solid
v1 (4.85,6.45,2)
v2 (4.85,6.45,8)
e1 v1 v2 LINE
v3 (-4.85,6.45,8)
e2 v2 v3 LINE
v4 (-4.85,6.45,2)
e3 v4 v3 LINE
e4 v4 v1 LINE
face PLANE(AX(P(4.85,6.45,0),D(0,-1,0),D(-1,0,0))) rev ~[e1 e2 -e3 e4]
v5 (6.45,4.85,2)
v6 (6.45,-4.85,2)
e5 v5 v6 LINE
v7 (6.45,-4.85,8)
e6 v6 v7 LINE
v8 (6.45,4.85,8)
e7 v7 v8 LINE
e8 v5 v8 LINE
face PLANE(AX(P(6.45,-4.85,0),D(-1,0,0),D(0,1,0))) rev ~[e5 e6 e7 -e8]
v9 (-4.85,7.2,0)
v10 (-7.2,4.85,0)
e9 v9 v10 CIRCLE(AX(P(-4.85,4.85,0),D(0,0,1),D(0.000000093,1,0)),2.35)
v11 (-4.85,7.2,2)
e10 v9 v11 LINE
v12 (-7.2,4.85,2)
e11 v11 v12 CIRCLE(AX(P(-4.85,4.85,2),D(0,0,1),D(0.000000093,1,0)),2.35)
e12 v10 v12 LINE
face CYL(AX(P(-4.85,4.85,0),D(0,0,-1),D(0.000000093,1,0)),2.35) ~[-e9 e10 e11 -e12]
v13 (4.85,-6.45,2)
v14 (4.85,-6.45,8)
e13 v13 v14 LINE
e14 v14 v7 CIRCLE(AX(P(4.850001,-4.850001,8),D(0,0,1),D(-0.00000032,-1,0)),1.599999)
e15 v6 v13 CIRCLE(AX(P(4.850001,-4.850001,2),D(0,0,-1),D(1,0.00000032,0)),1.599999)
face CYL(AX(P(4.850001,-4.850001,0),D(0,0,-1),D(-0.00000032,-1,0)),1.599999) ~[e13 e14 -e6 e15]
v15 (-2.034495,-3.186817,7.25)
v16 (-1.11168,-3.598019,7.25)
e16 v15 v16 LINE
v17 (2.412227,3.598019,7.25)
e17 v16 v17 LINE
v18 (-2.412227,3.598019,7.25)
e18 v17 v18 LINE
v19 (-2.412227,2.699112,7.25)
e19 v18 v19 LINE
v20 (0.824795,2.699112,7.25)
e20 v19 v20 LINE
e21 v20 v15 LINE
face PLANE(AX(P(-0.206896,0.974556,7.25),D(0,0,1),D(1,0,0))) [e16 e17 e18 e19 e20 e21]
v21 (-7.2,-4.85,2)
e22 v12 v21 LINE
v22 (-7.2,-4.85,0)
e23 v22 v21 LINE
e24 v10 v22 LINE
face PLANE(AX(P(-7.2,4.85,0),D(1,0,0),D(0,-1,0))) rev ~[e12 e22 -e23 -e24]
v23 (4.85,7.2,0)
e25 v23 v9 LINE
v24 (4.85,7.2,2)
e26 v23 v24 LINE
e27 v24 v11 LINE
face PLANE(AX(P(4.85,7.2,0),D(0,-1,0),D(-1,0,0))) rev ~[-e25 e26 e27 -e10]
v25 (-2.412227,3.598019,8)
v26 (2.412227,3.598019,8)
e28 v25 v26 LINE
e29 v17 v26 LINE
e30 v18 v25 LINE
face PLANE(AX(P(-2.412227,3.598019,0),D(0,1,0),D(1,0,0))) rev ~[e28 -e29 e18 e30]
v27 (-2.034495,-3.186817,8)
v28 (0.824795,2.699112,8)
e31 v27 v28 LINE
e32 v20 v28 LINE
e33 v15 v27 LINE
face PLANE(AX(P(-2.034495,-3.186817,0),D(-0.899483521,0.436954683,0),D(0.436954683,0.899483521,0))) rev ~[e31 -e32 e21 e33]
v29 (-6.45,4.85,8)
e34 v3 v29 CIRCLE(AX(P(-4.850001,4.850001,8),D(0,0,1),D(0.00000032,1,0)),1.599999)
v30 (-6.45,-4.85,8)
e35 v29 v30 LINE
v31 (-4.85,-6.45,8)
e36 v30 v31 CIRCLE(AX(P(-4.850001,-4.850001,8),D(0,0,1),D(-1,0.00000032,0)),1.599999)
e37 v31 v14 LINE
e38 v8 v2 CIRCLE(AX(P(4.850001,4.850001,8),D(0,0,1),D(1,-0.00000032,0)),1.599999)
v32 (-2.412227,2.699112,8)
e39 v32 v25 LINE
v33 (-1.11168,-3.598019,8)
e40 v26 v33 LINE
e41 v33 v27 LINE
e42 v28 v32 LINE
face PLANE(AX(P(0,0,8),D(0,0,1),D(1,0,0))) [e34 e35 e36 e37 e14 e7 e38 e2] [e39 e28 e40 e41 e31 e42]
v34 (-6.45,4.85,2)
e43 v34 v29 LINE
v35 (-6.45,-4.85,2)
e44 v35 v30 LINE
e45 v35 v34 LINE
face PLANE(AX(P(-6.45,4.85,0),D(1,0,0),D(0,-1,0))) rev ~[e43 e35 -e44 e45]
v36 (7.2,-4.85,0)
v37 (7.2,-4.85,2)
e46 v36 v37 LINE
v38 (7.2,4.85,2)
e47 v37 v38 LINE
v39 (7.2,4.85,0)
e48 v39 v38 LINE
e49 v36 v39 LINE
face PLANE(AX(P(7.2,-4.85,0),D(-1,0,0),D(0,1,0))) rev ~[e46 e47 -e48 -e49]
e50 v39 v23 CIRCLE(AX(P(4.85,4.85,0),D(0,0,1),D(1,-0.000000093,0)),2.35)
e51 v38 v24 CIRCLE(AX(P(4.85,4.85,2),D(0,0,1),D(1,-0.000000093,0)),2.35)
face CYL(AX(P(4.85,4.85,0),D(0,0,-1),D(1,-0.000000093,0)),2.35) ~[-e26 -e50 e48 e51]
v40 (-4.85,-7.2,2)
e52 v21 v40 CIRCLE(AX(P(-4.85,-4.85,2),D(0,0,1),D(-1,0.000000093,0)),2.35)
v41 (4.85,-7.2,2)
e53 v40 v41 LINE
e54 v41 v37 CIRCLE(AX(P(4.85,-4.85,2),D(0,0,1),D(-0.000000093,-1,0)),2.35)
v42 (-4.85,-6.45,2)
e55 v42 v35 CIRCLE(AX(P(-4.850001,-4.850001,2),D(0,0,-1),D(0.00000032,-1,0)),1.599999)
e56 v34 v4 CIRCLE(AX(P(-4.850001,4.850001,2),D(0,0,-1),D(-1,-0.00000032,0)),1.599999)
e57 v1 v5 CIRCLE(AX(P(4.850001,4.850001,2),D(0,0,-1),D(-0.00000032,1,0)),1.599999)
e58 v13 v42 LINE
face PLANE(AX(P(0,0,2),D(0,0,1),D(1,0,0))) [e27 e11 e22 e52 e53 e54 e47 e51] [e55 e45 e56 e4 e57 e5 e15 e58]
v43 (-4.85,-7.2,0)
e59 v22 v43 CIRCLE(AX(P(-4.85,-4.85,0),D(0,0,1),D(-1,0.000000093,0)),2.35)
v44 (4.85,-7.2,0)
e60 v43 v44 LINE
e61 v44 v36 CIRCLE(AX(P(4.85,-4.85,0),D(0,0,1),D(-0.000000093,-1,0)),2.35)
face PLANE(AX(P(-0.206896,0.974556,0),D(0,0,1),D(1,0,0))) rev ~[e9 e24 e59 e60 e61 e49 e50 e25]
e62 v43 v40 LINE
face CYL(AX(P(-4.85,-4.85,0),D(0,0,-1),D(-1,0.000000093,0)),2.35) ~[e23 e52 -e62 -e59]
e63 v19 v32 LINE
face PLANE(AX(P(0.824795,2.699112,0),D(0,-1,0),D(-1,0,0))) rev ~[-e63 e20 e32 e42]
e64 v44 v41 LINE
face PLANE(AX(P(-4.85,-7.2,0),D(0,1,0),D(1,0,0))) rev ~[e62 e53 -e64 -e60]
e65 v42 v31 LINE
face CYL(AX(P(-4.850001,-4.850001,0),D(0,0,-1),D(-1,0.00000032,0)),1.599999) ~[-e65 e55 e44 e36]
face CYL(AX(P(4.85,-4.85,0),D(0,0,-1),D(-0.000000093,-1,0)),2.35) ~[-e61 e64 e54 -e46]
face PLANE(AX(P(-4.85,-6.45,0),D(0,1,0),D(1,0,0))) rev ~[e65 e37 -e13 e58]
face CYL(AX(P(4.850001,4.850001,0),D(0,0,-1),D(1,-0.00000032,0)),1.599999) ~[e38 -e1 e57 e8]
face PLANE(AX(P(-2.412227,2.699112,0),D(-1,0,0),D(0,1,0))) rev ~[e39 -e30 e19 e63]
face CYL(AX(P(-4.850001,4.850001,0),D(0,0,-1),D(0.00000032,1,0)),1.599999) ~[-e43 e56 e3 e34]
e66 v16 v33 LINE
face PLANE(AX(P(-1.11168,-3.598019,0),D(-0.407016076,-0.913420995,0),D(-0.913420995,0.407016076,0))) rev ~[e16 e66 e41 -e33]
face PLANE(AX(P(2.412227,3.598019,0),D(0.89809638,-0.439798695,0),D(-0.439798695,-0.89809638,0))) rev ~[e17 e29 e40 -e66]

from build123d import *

# Parameters (mm, degrees)
F1_DEPTH = 2
F2_DEPTH = 8
F3_DEPTH = 7.25


with BuildPart() as f1:
    # F0 (on Top) → F1 (new body)
    with BuildSketch(Plane.XY):
        with BuildLine():
            Line((4.85, 7.2), (-4.85, 7.2))
            ThreePointArc((-4.85, 7.2), (-6.511701, 6.511701), (-7.2, 4.85))
            Line((-7.2, 4.85), (-7.2, -4.85))
            ThreePointArc((-7.2, -4.85), (-6.511701, -6.511701), (-4.85, -7.2))
            Line((-4.85, -7.2), (4.85, -7.2))
            ThreePointArc((4.85, -7.2), (6.511701, -6.511701), (7.2, -4.85))
            Line((7.2, -4.85), (7.2, 4.85))
            ThreePointArc((7.2, 4.85), (6.511701, 6.511701), (4.85, 7.2))
        make_face()
        with BuildLine():
            ThreePointArc((6.45, -4.85), (5.981371, -5.981371), (4.85, -6.45))
            Line((4.85, -6.45), (-4.85, -6.45))
            ThreePointArc((-4.85, -6.45), (-5.981371, -5.981371), (-6.45, -4.85))
            Line((-6.45, -4.85), (-6.45, 4.85))
            ThreePointArc((-6.45, 4.85), (-5.981371, 5.981371), (-4.85, 6.45))
            Line((-4.85, 6.45), (4.85, 6.45))
            ThreePointArc((4.85, 6.45), (5.981371, 5.981371), (6.45, 4.85))
            Line((6.45, 4.85), (6.45, -4.85))
        make_face(mode=Mode.SUBTRACT)
    extrude(amount=F1_DEPTH)

    # F0 (on Top) → F2 (join)
    with BuildSketch(Plane.XY):
        with BuildLine():
            Line((-4.85, -6.45), (4.85, -6.45))
            ThreePointArc((4.85, -6.45), (5.981371, -5.981371), (6.45, -4.85))
            Line((6.45, -4.85), (6.45, 4.85))
            ThreePointArc((6.45, 4.85), (5.981371, 5.981371), (4.85, 6.45))
            Line((4.85, 6.45), (-4.85, 6.45))
            ThreePointArc((-4.85, 6.45), (-5.981371, 5.981371), (-6.45, 4.85))
            Line((-6.45, 4.85), (-6.45, -4.85))
            ThreePointArc((-6.45, -4.85), (-5.981371, -5.981371), (-4.85, -6.45))
        make_face()
        Polygon((-1.11168, -3.598019), (-2.034495, -3.186817), (0.824795, 2.699112), (-2.412227, 2.699112), (-2.412227, 3.598019), (2.412227, 3.598019), align=None, mode=Mode.SUBTRACT)
    extrude(amount=F2_DEPTH)

    # F0 (on Top) → F3 (join)
    with BuildSketch(Plane.XY):
        Polygon((0.824795, 2.699112), (-2.034495, -3.186817), (-1.11168, -3.598019), (2.412227, 3.598019), (-2.412227, 3.598019), (-2.412227, 2.699112), align=None)
    extrude(amount=F3_DEPTH)


solid = f1.part
